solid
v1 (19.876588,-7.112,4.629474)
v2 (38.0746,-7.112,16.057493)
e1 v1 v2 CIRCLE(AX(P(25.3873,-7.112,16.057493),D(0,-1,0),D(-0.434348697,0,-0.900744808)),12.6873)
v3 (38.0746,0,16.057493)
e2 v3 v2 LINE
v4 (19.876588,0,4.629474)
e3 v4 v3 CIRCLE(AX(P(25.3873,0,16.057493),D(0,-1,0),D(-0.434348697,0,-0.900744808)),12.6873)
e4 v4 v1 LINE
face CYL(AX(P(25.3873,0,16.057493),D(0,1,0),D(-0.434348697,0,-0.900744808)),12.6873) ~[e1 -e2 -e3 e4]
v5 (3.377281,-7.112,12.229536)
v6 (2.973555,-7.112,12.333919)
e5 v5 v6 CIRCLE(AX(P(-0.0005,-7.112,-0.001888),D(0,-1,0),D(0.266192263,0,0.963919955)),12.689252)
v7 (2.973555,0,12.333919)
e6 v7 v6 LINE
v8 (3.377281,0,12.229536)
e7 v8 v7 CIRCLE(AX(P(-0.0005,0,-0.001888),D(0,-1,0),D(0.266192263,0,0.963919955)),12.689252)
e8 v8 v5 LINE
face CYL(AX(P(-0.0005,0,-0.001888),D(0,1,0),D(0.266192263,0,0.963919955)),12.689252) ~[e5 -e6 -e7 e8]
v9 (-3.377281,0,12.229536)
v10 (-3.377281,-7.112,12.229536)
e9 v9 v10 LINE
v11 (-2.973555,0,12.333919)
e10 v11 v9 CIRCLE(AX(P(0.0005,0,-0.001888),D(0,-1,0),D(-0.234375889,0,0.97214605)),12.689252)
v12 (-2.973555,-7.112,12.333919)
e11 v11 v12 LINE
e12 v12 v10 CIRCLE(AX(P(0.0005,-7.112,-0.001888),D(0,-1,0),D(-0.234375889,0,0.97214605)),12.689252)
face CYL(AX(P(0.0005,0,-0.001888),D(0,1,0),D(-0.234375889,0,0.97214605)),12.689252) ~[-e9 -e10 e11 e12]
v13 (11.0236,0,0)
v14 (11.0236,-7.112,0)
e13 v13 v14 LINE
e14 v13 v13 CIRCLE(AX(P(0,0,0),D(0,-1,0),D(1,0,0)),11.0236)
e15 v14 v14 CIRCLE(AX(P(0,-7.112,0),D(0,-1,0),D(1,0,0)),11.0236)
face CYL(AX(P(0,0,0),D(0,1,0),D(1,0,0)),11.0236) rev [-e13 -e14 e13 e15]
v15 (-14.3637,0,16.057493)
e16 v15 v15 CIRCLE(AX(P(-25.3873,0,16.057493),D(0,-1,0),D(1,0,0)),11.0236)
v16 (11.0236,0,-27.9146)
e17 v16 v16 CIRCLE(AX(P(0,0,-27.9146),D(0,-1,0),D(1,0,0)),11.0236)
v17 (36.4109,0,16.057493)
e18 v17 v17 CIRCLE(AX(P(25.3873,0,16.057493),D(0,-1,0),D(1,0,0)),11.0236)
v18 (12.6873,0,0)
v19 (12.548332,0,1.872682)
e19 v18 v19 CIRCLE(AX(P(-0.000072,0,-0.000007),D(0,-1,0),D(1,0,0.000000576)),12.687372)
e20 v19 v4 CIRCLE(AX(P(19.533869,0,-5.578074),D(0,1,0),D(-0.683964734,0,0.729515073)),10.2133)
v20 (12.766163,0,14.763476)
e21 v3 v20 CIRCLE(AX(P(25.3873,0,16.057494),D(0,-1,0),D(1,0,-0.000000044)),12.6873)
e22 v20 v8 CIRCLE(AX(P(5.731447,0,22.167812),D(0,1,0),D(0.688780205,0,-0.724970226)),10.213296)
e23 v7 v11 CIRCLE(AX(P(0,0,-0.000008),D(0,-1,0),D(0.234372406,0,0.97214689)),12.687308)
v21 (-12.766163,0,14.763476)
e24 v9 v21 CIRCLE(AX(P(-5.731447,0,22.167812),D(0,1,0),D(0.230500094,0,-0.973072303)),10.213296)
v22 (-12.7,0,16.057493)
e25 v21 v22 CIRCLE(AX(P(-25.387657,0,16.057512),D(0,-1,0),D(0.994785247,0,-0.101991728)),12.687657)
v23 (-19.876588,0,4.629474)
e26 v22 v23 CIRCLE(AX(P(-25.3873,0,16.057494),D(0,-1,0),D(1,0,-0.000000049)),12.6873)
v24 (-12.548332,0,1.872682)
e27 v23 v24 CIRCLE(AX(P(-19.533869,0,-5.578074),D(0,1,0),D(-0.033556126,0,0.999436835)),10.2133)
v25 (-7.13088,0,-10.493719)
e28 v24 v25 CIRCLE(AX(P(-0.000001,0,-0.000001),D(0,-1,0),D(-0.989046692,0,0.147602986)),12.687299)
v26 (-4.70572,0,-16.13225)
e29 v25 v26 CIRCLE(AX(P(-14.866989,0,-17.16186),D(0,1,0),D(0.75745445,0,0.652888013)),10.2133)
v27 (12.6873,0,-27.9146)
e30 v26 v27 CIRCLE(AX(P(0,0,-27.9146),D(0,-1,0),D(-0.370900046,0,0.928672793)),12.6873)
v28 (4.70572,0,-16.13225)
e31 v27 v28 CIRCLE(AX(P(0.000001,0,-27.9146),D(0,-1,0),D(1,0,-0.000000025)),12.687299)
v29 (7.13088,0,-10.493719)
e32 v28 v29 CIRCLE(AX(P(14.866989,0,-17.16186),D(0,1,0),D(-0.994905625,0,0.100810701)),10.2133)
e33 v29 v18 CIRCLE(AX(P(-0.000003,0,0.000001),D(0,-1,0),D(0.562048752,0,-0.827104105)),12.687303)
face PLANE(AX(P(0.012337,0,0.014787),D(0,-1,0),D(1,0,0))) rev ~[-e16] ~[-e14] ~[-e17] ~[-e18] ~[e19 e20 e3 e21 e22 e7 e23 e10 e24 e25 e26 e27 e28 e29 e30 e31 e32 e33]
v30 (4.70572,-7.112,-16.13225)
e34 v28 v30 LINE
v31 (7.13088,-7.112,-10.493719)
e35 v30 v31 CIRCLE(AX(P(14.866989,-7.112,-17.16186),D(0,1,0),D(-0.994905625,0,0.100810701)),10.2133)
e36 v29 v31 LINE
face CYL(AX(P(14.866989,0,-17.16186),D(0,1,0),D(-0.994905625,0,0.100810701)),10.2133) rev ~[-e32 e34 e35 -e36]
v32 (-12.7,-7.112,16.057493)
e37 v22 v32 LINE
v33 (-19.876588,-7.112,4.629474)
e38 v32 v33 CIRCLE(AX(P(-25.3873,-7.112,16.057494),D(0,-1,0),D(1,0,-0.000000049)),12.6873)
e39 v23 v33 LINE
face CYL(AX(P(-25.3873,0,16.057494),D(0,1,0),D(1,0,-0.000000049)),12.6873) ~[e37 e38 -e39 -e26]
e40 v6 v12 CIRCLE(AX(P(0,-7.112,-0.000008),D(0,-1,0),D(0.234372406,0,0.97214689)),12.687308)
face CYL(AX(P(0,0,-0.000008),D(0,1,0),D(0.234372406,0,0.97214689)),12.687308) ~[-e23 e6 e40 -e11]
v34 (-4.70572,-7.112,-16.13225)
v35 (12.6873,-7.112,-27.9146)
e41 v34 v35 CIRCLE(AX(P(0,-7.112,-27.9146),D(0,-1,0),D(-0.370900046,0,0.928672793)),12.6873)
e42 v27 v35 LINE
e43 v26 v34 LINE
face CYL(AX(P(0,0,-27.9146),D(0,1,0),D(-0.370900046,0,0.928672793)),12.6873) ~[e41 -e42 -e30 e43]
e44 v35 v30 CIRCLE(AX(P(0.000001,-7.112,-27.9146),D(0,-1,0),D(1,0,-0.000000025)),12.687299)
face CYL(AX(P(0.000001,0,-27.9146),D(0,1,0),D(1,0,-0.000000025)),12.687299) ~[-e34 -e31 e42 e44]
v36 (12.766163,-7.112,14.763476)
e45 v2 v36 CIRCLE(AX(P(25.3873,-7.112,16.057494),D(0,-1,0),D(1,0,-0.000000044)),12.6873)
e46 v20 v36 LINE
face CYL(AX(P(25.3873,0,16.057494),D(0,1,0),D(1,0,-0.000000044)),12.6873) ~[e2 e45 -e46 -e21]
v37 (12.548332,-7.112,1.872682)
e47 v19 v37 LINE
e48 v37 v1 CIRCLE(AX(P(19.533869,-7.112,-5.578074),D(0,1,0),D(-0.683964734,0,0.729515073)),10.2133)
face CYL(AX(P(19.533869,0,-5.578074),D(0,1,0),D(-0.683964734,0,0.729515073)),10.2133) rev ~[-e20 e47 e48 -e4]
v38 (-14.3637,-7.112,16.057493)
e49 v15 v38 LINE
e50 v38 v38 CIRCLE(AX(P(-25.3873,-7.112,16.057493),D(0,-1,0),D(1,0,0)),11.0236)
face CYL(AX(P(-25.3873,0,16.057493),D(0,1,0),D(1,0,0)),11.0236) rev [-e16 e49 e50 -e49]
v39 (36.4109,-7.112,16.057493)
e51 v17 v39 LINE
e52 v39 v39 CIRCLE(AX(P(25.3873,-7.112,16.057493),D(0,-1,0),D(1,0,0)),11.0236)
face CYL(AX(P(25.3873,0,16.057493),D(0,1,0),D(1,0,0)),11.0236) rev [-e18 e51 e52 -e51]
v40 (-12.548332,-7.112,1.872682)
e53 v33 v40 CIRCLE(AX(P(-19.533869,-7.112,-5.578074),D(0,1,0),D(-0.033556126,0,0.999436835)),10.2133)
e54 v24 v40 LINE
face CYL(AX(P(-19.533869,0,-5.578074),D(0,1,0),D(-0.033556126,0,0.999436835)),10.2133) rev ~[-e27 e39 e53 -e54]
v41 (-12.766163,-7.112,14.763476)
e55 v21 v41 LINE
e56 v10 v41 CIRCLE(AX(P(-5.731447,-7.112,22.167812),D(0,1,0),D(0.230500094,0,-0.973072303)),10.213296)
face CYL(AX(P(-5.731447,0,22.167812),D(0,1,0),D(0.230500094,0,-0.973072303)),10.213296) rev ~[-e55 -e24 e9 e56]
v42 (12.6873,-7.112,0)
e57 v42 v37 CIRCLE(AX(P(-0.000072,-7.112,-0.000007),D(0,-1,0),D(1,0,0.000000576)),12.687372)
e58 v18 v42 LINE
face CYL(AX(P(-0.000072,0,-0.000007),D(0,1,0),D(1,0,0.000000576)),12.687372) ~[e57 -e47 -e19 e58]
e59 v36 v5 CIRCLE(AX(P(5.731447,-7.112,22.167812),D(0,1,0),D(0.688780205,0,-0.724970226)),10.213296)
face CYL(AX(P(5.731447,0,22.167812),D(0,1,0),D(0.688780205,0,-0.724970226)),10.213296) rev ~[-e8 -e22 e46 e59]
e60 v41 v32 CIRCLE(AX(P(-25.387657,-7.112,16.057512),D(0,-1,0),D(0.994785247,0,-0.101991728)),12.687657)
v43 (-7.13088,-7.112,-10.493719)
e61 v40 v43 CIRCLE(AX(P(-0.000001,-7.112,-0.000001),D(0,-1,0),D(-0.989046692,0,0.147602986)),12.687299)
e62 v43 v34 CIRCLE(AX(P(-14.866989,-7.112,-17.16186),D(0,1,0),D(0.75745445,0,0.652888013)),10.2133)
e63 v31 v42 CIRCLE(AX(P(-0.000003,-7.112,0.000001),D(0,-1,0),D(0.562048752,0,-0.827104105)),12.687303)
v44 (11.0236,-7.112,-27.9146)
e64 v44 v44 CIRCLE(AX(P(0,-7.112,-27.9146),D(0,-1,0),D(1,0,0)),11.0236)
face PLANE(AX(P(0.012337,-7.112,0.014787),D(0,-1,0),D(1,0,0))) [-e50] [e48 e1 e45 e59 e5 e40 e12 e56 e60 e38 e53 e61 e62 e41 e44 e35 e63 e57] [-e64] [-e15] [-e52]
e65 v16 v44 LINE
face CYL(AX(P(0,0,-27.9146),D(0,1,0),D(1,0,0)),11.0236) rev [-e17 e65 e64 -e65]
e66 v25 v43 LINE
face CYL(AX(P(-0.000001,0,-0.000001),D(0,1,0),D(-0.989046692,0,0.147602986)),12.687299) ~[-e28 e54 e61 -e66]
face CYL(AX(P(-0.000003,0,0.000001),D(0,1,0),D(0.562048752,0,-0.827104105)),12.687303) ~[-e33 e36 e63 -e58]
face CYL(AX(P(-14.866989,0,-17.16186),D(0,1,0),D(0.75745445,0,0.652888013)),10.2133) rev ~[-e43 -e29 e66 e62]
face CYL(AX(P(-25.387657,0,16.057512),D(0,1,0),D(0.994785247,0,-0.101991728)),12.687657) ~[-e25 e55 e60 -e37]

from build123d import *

# Parameters (mm, degrees)
F0_R     = 11.0236
F1_DEPTH = 7.112


with BuildPart() as f1:
    # F0 (on Front) → F1 (new body)
    with BuildSketch(Plane.XZ):
        with BuildLine():
            ThreePointArc((7.13088, -10.493719), (11.212475, -5.937001), (12.6873, 0))
            ThreePointArc((12.6873, 0), (12.65251, 0.938916), (12.548332, 1.872682))
            ThreePointArc((12.548332, 1.872682), (9.498547, 8.411016), (3.377281, 12.229536))
            ThreePointArc((3.377281, 12.229536), (3.174885, 12.279667), (2.973555, 12.333919))
            ThreePointArc((2.973555, 12.333919), (0, 12.6873), (-2.973555, 12.333919))
            ThreePointArc((-2.973555, 12.333919), (-3.174885, 12.279667), (-3.377281, 12.229536))
            ThreePointArc((-3.377281, 12.229536), (-9.498547, 8.411016), (-12.548332, 1.872682))
            ThreePointArc((-12.548332, 1.872682), (-11.621094, -5.090949), (-7.13088, -10.493719))
            ThreePointArc((-7.13088, -10.493719), (0, -12.6873), (7.13088, -10.493719))
        make_face()
        Circle(F0_R, mode=Mode.SUBTRACT)
        with BuildLine():
            ThreePointArc((3.377281, 12.229536), (9.498547, 8.411016), (12.548332, 1.872682))
            ThreePointArc((12.548332, 1.872682), (15.937797, 3.981202), (19.876588, 4.629474))
            ThreePointArc((19.876588, 4.629474), (15.001469, 8.770375), (12.766163, 14.763476))
            ThreePointArc((12.766163, 14.763476), (8.392669, 12.307319), (3.377281, 12.229536))
        make_face()
        with BuildLine():
            ThreePointArc((4.70572, -16.13225), (5.484703, -13.126492), (7.13088, -10.493719))
            ThreePointArc((7.13088, -10.493719), (0, -12.6873), (-7.13088, -10.493719))
            ThreePointArc((-7.13088, -10.493719), (-5.484703, -13.126492), (-4.70572, -16.13225))
            ThreePointArc((-4.70572, -16.13225), (0, -15.2273), (4.70572, -16.13225))
        make_face()
        with BuildLine():
            ThreePointArc((2.973555, 12.333919), (3.174885, 12.279667), (3.377281, 12.229536))
            ThreePointArc((3.377281, 12.229536), (3.175847, 12.283386), (2.973555, 12.333919))
        make_face()
        with BuildLine():
            ThreePointArc((12.766163, 14.763476), (15.001469, 8.770375), (19.876588, 4.629474))
            ThreePointArc((19.876588, 4.629474), (32.134578, 5.313108), (38.0746, 16.057493))
            ThreePointArc((38.0746, 16.057493), (24.739446, 28.728242), (12.766163, 14.763476))
        make_face()
        with Locations((25.3873, 16.057493)):
            Circle(F0_R, mode=Mode.SUBTRACT)
        with BuildLine():
            ThreePointArc((12.6873, -27.9146), (10.504058, -20.798959), (4.70572, -16.13225))
            ThreePointArc((4.70572, -16.13225), (0, -15.2273), (-4.70572, -16.13225))
            ThreePointArc((-4.70572, -16.13225), (-7.115641, -38.418658), (12.6873, -27.9146))
        make_face()
        with Locations((0, -27.9146)):
            Circle(F0_R, mode=Mode.SUBTRACT)
        with BuildLine():
            ThreePointArc((-19.876588, 4.629474), (-15.937797, 3.981202), (-12.548332, 1.872682))
            ThreePointArc((-12.548332, 1.872682), (-9.498547, 8.411016), (-3.377281, 12.229536))
            ThreePointArc((-3.377281, 12.229536), (-8.392669, 12.307319), (-12.766163, 14.763476))
            ThreePointArc((-12.766163, 14.763476), (-15.001469, 8.770375), (-19.876588, 4.629474))
        make_face()
        with BuildLine():
            ThreePointArc((-3.377281, 12.229536), (-3.174885, 12.279667), (-2.973555, 12.333919))
            ThreePointArc((-2.973555, 12.333919), (-3.175847, 12.283386), (-3.377281, 12.229536))
        make_face()
        with BuildLine():
            ThreePointArc((-12.7, 16.057493), (-36.131685, 22.804772), (-19.876588, 4.629474))
            ThreePointArc((-19.876588, 4.629474), (-15.001469, 8.770375), (-12.766163, 14.763476))
            ThreePointArc((-12.766163, 14.763476), (-12.716552, 15.40964), (-12.7, 16.057493))
        make_face()
        with Locations((-25.3873, 16.057493)):
            Circle(F0_R, mode=Mode.SUBTRACT)
    extrude(amount=F1_DEPTH)


solid = f1.part
